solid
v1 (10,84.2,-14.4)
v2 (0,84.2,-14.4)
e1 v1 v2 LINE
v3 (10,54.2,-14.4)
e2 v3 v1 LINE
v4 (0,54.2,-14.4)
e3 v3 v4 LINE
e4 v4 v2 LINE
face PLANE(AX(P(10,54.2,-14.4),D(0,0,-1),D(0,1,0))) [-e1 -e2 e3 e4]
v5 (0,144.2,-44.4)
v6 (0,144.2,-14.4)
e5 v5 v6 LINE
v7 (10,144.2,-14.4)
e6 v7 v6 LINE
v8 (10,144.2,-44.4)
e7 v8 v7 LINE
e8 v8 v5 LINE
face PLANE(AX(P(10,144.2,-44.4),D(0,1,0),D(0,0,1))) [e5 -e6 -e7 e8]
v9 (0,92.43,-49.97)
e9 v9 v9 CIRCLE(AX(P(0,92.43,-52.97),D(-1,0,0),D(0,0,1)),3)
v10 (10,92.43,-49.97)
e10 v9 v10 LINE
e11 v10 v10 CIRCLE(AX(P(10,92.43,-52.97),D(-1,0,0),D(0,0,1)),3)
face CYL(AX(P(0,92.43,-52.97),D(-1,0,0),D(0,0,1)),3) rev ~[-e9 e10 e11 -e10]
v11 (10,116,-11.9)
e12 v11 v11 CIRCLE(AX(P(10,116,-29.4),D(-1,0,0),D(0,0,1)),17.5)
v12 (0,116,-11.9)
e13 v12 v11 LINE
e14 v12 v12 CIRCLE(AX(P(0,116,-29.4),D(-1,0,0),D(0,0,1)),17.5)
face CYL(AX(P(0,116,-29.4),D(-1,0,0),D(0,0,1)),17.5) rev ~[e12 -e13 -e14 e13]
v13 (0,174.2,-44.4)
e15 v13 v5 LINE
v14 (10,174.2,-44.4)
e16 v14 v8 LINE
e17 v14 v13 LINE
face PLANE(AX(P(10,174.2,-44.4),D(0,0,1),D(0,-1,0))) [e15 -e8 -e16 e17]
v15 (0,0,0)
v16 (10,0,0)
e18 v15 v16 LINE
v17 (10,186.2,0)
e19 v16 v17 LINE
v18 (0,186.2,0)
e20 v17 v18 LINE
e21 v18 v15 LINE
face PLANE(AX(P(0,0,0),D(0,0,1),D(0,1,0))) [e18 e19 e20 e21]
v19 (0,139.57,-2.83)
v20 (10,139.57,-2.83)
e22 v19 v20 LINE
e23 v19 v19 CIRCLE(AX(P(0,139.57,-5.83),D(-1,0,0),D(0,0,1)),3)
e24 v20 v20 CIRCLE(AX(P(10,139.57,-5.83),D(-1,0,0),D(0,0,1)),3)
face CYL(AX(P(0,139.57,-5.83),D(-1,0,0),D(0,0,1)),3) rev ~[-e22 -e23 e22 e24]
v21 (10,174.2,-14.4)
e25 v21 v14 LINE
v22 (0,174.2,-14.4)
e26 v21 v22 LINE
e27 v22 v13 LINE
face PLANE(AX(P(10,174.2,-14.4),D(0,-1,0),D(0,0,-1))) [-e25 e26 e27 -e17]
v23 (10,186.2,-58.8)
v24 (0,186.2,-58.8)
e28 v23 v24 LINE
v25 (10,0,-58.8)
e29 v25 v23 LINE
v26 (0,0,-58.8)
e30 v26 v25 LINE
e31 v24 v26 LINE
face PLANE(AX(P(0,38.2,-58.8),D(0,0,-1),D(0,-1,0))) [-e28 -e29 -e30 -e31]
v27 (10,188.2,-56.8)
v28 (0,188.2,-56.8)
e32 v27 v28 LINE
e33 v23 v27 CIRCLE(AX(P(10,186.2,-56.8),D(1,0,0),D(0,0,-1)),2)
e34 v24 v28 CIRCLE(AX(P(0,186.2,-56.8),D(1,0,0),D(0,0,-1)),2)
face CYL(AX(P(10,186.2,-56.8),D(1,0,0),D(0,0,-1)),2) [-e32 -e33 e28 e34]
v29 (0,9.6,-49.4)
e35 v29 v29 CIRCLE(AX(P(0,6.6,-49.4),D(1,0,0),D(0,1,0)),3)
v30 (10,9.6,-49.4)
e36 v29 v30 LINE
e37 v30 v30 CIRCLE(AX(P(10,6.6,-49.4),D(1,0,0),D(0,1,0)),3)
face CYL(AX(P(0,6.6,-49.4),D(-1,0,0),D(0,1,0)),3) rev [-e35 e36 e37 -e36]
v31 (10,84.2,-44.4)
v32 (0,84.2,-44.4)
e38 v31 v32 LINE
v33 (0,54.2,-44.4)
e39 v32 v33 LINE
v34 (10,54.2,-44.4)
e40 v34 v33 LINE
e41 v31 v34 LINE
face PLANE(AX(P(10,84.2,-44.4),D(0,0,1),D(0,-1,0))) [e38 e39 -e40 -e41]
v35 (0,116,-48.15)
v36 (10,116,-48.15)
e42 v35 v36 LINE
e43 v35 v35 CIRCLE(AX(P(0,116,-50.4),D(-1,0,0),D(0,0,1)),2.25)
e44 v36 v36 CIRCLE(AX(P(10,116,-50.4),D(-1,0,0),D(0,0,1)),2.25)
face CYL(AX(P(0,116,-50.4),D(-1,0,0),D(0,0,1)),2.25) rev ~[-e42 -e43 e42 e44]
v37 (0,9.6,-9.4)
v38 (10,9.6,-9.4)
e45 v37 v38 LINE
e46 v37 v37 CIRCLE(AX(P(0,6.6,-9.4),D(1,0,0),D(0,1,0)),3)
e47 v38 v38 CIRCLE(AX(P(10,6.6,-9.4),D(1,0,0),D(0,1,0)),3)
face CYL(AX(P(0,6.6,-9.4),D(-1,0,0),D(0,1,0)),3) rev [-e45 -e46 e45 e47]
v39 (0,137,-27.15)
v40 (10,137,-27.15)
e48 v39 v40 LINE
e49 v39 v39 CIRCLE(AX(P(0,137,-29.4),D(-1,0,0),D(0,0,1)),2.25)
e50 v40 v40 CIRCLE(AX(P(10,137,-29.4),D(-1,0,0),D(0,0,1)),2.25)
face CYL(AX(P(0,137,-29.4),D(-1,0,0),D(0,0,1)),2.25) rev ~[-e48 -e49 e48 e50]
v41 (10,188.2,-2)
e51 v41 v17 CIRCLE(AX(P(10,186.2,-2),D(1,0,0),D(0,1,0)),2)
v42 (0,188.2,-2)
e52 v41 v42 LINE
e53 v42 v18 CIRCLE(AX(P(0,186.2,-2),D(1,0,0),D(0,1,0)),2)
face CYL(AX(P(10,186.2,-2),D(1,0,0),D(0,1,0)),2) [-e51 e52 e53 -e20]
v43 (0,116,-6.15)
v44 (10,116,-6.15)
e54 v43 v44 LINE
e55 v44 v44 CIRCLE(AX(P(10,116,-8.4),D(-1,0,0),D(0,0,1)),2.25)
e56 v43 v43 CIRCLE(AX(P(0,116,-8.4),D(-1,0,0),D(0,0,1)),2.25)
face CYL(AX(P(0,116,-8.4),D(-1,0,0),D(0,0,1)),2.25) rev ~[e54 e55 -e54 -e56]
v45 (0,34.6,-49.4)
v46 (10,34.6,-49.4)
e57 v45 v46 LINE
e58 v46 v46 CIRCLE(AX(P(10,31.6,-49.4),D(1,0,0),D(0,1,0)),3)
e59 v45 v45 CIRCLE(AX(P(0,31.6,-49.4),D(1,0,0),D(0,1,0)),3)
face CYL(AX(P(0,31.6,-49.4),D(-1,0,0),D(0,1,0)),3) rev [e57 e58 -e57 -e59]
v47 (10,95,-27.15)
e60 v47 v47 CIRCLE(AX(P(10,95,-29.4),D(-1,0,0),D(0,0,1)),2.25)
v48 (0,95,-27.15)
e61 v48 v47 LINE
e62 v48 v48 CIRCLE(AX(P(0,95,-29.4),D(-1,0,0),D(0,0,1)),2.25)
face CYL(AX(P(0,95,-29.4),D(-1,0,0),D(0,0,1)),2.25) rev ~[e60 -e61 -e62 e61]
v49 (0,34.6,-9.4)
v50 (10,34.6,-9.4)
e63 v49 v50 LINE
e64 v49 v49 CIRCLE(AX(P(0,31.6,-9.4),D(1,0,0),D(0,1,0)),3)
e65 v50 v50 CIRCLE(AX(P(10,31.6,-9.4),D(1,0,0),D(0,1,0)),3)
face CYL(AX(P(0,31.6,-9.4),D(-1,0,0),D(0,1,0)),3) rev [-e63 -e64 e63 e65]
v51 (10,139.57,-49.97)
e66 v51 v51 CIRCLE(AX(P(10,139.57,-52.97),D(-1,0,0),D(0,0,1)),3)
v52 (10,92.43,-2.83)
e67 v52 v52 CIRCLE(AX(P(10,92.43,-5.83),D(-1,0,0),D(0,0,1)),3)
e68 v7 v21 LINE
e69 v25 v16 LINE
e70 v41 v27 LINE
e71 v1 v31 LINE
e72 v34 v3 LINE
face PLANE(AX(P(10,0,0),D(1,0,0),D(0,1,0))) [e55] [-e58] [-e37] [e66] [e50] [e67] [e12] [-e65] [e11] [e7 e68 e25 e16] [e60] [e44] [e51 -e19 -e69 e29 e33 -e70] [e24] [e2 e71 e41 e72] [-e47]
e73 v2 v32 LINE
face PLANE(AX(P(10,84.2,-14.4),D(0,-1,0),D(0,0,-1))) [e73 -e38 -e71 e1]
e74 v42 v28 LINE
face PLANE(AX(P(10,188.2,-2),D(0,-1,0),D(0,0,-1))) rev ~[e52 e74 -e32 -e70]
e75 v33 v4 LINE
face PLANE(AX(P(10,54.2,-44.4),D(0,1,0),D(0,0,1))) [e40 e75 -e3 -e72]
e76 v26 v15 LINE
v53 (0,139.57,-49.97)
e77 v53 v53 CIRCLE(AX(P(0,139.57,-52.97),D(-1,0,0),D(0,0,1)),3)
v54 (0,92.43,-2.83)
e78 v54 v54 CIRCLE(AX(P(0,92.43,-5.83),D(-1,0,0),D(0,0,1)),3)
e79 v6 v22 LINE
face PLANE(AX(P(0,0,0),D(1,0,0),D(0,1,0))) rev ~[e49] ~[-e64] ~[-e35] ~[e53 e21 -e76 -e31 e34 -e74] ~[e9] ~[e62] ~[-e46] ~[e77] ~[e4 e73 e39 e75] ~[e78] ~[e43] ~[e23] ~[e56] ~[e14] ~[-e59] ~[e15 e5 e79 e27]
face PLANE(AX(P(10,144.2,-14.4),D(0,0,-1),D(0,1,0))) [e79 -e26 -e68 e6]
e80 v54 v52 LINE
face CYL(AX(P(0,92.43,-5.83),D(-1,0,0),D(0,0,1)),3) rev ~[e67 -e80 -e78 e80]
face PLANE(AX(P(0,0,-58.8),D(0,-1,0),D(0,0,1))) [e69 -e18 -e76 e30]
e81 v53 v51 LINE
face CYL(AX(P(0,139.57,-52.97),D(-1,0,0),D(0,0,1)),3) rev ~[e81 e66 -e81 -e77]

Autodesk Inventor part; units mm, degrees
ref_plane "YZ Plane" through (0, 0, 0) normal (1, 0, 0) x (0, 1, 0)
ref_plane "XZ Plane" through (0, 0, 0) normal (0, 1, 0) x (-1, 0, 0)
ref_plane "XY Plane" through (0, 0, 0) normal (0, 0, 1) x (1, 0, 0)
sketch "Sketch1" plane through (0, 0, 0) normal (1, 0, 0) x (0, 1, 0)
  circle A0 centre (31.6, -9.4) radius 3
  circle A1 centre (31.6, -49.4) radius 3
  circle A2 centre (6.6, -9.4) radius 3
  circle A3 centre (6.6, -49.4) radius 3
  line L0 (31.6, -9.4) -> (6.6, -9.4) construction
  line L1 (6.6, -9.4) -> (6.6, -49.4) construction
  line L2 (6.6, -49.4) -> (31.6, -49.4) construction
  line L3 (31.6, -49.4) -> (31.6, -9.4) construction
  line L4 (0, 0) -> (38.2, 0)
  line L5 (38.2, 0) -> (38.2, -58.8)
  line L6 (38.2, -58.8) -> (0, -58.8)
  line L7 (0, -58.8) -> (0, 0)
  point P0 (31.6, -29.4)
  point P1 (38.2, -29.4)
  point P2 (19.1, -49.4)
  point P3 (19.1, -58.8)
  dimension "d0" = 6
  dimension "d1" = 25
  dimension "d2" = 40
  dimension "d3" = 58.8
  dimension "d4" = 38.2
extrude "Extrusion1" add sketch "Sketch1" along normal blind 10
sketch "Sketch3" plane through (10, 0, 0) normal (1, 0, 0) x (0, 0, -1)
  line L0 (58.8, 38.2) -> (0, 38.2) projected
  line L1 (0, 38.2) -> (0, 186.2)
  line L2 (2, 188.2) -> (56.8, 188.2)
  line L3 (58.8, 186.2) -> (58.8, 38.2)
  arc A0 (2, 188.2) -> (0, 186.2) centre (2, 186.2) ccw
  arc A1 (58.8, 186.2) -> (56.8, 188.2) centre (56.8, 186.2) ccw
  line L4 (14.4, 174.2) -> (44.4, 174.2)
  line L5 (44.4, 174.2) -> (44.4, 144.2)
  line L6 (44.4, 144.2) -> (14.4, 144.2)
  line L7 (14.4, 144.2) -> (14.4, 174.2)
  line L8 (14.4, 84.2) -> (44.4, 84.2)
  line L9 (44.4, 84.2) -> (44.4, 54.2)
  line L10 (44.4, 54.2) -> (14.4, 54.2)
  line L11 (14.4, 54.2) -> (14.4, 84.2)
  point P0 (0, 0)
  point P1 (29.4, 38.2)
  point P2 (29.4, 174.2)
  point P3 (29.4, 84.2)
  point P4 (29.4, 188.2)
  point P5 (29.4, 38.2)
  point P6 (29.4, 54.2)
  point P7 (29.4, 38.2)
  dimension "d7" = 150
  dimension "d8" = 2
  dimension "d9" = 30
  dimension "d12" = 60
  dimension "d13" = 16
extrude "Extrusion2" add sketch "Sketch3" against normal blind 10
sketch "Sketch4" plane through (0, 0, 0) normal (-1, 0, 0) x (0, 0, 1)
  circle A0 centre (-52.97, 139.57) radius 3
  circle A1 centre (-5.83, 139.57) radius 3
  circle A2 centre (-52.97, 92.43) radius 3
  circle A3 centre (-5.83, 92.43) radius 3
  line L0 (-52.97, 92.43) -> (-5.83, 92.43) construction
  line L1 (-5.83, 92.43) -> (-5.83, 139.57) construction
  line L2 (-5.83, 139.57) -> (-52.97, 139.57) construction
  line L3 (-52.97, 139.57) -> (-52.97, 92.43) construction
  line L4 (-57.6, 87.8) -> (-1.2, 87.8) construction
  line L5 (-1.2, 87.8) -> (-1.2, 144.2) construction
  line L6 (-1.2, 144.2) -> (-57.6, 144.2) construction
  line L7 (-57.6, 144.2) -> (-57.6, 87.8) construction
  line L8 (-14.4, 144.2) -> (-44.4, 144.2) construction
  circle A4 centre (-29.4, 116) radius 17.5
  line L9 (-8.4, 116) -> (-29.4, 137) construction
  line L10 (-29.4, 137) -> (-50.4, 116) construction
  line L11 (-50.4, 116) -> (-29.4, 95) construction
  line L12 (-29.4, 95) -> (-8.4, 116) construction
  circle A5 centre (-29.4, 137) radius 2.25
  circle A6 centre (-50.4, 116) radius 2.25
  circle A7 centre (-8.4, 116) radius 2.25
  circle A8 centre (-29.4, 95) radius 2.25
  point P0 (0, 0)
  point P1 (-1.2, 116)
  point P2 (-5.83, 116)
  point P3 (-29.4, 139.57)
  point P4 (-29.4, 144.2)
  point P5 (-29.4, 144.2)
  dimension "d16" = 47.14
  dimension "d17" = 6
  dimension "d18" = 56.4
  dimension "d19" = 35
  dimension "d22" = 42
  dimension "d23" = 4.5
extrude "Extrusion3" cut sketch "Sketch4" against normal up to surface (10 mm away)
properties part number "Y_Gantry_Connector"
